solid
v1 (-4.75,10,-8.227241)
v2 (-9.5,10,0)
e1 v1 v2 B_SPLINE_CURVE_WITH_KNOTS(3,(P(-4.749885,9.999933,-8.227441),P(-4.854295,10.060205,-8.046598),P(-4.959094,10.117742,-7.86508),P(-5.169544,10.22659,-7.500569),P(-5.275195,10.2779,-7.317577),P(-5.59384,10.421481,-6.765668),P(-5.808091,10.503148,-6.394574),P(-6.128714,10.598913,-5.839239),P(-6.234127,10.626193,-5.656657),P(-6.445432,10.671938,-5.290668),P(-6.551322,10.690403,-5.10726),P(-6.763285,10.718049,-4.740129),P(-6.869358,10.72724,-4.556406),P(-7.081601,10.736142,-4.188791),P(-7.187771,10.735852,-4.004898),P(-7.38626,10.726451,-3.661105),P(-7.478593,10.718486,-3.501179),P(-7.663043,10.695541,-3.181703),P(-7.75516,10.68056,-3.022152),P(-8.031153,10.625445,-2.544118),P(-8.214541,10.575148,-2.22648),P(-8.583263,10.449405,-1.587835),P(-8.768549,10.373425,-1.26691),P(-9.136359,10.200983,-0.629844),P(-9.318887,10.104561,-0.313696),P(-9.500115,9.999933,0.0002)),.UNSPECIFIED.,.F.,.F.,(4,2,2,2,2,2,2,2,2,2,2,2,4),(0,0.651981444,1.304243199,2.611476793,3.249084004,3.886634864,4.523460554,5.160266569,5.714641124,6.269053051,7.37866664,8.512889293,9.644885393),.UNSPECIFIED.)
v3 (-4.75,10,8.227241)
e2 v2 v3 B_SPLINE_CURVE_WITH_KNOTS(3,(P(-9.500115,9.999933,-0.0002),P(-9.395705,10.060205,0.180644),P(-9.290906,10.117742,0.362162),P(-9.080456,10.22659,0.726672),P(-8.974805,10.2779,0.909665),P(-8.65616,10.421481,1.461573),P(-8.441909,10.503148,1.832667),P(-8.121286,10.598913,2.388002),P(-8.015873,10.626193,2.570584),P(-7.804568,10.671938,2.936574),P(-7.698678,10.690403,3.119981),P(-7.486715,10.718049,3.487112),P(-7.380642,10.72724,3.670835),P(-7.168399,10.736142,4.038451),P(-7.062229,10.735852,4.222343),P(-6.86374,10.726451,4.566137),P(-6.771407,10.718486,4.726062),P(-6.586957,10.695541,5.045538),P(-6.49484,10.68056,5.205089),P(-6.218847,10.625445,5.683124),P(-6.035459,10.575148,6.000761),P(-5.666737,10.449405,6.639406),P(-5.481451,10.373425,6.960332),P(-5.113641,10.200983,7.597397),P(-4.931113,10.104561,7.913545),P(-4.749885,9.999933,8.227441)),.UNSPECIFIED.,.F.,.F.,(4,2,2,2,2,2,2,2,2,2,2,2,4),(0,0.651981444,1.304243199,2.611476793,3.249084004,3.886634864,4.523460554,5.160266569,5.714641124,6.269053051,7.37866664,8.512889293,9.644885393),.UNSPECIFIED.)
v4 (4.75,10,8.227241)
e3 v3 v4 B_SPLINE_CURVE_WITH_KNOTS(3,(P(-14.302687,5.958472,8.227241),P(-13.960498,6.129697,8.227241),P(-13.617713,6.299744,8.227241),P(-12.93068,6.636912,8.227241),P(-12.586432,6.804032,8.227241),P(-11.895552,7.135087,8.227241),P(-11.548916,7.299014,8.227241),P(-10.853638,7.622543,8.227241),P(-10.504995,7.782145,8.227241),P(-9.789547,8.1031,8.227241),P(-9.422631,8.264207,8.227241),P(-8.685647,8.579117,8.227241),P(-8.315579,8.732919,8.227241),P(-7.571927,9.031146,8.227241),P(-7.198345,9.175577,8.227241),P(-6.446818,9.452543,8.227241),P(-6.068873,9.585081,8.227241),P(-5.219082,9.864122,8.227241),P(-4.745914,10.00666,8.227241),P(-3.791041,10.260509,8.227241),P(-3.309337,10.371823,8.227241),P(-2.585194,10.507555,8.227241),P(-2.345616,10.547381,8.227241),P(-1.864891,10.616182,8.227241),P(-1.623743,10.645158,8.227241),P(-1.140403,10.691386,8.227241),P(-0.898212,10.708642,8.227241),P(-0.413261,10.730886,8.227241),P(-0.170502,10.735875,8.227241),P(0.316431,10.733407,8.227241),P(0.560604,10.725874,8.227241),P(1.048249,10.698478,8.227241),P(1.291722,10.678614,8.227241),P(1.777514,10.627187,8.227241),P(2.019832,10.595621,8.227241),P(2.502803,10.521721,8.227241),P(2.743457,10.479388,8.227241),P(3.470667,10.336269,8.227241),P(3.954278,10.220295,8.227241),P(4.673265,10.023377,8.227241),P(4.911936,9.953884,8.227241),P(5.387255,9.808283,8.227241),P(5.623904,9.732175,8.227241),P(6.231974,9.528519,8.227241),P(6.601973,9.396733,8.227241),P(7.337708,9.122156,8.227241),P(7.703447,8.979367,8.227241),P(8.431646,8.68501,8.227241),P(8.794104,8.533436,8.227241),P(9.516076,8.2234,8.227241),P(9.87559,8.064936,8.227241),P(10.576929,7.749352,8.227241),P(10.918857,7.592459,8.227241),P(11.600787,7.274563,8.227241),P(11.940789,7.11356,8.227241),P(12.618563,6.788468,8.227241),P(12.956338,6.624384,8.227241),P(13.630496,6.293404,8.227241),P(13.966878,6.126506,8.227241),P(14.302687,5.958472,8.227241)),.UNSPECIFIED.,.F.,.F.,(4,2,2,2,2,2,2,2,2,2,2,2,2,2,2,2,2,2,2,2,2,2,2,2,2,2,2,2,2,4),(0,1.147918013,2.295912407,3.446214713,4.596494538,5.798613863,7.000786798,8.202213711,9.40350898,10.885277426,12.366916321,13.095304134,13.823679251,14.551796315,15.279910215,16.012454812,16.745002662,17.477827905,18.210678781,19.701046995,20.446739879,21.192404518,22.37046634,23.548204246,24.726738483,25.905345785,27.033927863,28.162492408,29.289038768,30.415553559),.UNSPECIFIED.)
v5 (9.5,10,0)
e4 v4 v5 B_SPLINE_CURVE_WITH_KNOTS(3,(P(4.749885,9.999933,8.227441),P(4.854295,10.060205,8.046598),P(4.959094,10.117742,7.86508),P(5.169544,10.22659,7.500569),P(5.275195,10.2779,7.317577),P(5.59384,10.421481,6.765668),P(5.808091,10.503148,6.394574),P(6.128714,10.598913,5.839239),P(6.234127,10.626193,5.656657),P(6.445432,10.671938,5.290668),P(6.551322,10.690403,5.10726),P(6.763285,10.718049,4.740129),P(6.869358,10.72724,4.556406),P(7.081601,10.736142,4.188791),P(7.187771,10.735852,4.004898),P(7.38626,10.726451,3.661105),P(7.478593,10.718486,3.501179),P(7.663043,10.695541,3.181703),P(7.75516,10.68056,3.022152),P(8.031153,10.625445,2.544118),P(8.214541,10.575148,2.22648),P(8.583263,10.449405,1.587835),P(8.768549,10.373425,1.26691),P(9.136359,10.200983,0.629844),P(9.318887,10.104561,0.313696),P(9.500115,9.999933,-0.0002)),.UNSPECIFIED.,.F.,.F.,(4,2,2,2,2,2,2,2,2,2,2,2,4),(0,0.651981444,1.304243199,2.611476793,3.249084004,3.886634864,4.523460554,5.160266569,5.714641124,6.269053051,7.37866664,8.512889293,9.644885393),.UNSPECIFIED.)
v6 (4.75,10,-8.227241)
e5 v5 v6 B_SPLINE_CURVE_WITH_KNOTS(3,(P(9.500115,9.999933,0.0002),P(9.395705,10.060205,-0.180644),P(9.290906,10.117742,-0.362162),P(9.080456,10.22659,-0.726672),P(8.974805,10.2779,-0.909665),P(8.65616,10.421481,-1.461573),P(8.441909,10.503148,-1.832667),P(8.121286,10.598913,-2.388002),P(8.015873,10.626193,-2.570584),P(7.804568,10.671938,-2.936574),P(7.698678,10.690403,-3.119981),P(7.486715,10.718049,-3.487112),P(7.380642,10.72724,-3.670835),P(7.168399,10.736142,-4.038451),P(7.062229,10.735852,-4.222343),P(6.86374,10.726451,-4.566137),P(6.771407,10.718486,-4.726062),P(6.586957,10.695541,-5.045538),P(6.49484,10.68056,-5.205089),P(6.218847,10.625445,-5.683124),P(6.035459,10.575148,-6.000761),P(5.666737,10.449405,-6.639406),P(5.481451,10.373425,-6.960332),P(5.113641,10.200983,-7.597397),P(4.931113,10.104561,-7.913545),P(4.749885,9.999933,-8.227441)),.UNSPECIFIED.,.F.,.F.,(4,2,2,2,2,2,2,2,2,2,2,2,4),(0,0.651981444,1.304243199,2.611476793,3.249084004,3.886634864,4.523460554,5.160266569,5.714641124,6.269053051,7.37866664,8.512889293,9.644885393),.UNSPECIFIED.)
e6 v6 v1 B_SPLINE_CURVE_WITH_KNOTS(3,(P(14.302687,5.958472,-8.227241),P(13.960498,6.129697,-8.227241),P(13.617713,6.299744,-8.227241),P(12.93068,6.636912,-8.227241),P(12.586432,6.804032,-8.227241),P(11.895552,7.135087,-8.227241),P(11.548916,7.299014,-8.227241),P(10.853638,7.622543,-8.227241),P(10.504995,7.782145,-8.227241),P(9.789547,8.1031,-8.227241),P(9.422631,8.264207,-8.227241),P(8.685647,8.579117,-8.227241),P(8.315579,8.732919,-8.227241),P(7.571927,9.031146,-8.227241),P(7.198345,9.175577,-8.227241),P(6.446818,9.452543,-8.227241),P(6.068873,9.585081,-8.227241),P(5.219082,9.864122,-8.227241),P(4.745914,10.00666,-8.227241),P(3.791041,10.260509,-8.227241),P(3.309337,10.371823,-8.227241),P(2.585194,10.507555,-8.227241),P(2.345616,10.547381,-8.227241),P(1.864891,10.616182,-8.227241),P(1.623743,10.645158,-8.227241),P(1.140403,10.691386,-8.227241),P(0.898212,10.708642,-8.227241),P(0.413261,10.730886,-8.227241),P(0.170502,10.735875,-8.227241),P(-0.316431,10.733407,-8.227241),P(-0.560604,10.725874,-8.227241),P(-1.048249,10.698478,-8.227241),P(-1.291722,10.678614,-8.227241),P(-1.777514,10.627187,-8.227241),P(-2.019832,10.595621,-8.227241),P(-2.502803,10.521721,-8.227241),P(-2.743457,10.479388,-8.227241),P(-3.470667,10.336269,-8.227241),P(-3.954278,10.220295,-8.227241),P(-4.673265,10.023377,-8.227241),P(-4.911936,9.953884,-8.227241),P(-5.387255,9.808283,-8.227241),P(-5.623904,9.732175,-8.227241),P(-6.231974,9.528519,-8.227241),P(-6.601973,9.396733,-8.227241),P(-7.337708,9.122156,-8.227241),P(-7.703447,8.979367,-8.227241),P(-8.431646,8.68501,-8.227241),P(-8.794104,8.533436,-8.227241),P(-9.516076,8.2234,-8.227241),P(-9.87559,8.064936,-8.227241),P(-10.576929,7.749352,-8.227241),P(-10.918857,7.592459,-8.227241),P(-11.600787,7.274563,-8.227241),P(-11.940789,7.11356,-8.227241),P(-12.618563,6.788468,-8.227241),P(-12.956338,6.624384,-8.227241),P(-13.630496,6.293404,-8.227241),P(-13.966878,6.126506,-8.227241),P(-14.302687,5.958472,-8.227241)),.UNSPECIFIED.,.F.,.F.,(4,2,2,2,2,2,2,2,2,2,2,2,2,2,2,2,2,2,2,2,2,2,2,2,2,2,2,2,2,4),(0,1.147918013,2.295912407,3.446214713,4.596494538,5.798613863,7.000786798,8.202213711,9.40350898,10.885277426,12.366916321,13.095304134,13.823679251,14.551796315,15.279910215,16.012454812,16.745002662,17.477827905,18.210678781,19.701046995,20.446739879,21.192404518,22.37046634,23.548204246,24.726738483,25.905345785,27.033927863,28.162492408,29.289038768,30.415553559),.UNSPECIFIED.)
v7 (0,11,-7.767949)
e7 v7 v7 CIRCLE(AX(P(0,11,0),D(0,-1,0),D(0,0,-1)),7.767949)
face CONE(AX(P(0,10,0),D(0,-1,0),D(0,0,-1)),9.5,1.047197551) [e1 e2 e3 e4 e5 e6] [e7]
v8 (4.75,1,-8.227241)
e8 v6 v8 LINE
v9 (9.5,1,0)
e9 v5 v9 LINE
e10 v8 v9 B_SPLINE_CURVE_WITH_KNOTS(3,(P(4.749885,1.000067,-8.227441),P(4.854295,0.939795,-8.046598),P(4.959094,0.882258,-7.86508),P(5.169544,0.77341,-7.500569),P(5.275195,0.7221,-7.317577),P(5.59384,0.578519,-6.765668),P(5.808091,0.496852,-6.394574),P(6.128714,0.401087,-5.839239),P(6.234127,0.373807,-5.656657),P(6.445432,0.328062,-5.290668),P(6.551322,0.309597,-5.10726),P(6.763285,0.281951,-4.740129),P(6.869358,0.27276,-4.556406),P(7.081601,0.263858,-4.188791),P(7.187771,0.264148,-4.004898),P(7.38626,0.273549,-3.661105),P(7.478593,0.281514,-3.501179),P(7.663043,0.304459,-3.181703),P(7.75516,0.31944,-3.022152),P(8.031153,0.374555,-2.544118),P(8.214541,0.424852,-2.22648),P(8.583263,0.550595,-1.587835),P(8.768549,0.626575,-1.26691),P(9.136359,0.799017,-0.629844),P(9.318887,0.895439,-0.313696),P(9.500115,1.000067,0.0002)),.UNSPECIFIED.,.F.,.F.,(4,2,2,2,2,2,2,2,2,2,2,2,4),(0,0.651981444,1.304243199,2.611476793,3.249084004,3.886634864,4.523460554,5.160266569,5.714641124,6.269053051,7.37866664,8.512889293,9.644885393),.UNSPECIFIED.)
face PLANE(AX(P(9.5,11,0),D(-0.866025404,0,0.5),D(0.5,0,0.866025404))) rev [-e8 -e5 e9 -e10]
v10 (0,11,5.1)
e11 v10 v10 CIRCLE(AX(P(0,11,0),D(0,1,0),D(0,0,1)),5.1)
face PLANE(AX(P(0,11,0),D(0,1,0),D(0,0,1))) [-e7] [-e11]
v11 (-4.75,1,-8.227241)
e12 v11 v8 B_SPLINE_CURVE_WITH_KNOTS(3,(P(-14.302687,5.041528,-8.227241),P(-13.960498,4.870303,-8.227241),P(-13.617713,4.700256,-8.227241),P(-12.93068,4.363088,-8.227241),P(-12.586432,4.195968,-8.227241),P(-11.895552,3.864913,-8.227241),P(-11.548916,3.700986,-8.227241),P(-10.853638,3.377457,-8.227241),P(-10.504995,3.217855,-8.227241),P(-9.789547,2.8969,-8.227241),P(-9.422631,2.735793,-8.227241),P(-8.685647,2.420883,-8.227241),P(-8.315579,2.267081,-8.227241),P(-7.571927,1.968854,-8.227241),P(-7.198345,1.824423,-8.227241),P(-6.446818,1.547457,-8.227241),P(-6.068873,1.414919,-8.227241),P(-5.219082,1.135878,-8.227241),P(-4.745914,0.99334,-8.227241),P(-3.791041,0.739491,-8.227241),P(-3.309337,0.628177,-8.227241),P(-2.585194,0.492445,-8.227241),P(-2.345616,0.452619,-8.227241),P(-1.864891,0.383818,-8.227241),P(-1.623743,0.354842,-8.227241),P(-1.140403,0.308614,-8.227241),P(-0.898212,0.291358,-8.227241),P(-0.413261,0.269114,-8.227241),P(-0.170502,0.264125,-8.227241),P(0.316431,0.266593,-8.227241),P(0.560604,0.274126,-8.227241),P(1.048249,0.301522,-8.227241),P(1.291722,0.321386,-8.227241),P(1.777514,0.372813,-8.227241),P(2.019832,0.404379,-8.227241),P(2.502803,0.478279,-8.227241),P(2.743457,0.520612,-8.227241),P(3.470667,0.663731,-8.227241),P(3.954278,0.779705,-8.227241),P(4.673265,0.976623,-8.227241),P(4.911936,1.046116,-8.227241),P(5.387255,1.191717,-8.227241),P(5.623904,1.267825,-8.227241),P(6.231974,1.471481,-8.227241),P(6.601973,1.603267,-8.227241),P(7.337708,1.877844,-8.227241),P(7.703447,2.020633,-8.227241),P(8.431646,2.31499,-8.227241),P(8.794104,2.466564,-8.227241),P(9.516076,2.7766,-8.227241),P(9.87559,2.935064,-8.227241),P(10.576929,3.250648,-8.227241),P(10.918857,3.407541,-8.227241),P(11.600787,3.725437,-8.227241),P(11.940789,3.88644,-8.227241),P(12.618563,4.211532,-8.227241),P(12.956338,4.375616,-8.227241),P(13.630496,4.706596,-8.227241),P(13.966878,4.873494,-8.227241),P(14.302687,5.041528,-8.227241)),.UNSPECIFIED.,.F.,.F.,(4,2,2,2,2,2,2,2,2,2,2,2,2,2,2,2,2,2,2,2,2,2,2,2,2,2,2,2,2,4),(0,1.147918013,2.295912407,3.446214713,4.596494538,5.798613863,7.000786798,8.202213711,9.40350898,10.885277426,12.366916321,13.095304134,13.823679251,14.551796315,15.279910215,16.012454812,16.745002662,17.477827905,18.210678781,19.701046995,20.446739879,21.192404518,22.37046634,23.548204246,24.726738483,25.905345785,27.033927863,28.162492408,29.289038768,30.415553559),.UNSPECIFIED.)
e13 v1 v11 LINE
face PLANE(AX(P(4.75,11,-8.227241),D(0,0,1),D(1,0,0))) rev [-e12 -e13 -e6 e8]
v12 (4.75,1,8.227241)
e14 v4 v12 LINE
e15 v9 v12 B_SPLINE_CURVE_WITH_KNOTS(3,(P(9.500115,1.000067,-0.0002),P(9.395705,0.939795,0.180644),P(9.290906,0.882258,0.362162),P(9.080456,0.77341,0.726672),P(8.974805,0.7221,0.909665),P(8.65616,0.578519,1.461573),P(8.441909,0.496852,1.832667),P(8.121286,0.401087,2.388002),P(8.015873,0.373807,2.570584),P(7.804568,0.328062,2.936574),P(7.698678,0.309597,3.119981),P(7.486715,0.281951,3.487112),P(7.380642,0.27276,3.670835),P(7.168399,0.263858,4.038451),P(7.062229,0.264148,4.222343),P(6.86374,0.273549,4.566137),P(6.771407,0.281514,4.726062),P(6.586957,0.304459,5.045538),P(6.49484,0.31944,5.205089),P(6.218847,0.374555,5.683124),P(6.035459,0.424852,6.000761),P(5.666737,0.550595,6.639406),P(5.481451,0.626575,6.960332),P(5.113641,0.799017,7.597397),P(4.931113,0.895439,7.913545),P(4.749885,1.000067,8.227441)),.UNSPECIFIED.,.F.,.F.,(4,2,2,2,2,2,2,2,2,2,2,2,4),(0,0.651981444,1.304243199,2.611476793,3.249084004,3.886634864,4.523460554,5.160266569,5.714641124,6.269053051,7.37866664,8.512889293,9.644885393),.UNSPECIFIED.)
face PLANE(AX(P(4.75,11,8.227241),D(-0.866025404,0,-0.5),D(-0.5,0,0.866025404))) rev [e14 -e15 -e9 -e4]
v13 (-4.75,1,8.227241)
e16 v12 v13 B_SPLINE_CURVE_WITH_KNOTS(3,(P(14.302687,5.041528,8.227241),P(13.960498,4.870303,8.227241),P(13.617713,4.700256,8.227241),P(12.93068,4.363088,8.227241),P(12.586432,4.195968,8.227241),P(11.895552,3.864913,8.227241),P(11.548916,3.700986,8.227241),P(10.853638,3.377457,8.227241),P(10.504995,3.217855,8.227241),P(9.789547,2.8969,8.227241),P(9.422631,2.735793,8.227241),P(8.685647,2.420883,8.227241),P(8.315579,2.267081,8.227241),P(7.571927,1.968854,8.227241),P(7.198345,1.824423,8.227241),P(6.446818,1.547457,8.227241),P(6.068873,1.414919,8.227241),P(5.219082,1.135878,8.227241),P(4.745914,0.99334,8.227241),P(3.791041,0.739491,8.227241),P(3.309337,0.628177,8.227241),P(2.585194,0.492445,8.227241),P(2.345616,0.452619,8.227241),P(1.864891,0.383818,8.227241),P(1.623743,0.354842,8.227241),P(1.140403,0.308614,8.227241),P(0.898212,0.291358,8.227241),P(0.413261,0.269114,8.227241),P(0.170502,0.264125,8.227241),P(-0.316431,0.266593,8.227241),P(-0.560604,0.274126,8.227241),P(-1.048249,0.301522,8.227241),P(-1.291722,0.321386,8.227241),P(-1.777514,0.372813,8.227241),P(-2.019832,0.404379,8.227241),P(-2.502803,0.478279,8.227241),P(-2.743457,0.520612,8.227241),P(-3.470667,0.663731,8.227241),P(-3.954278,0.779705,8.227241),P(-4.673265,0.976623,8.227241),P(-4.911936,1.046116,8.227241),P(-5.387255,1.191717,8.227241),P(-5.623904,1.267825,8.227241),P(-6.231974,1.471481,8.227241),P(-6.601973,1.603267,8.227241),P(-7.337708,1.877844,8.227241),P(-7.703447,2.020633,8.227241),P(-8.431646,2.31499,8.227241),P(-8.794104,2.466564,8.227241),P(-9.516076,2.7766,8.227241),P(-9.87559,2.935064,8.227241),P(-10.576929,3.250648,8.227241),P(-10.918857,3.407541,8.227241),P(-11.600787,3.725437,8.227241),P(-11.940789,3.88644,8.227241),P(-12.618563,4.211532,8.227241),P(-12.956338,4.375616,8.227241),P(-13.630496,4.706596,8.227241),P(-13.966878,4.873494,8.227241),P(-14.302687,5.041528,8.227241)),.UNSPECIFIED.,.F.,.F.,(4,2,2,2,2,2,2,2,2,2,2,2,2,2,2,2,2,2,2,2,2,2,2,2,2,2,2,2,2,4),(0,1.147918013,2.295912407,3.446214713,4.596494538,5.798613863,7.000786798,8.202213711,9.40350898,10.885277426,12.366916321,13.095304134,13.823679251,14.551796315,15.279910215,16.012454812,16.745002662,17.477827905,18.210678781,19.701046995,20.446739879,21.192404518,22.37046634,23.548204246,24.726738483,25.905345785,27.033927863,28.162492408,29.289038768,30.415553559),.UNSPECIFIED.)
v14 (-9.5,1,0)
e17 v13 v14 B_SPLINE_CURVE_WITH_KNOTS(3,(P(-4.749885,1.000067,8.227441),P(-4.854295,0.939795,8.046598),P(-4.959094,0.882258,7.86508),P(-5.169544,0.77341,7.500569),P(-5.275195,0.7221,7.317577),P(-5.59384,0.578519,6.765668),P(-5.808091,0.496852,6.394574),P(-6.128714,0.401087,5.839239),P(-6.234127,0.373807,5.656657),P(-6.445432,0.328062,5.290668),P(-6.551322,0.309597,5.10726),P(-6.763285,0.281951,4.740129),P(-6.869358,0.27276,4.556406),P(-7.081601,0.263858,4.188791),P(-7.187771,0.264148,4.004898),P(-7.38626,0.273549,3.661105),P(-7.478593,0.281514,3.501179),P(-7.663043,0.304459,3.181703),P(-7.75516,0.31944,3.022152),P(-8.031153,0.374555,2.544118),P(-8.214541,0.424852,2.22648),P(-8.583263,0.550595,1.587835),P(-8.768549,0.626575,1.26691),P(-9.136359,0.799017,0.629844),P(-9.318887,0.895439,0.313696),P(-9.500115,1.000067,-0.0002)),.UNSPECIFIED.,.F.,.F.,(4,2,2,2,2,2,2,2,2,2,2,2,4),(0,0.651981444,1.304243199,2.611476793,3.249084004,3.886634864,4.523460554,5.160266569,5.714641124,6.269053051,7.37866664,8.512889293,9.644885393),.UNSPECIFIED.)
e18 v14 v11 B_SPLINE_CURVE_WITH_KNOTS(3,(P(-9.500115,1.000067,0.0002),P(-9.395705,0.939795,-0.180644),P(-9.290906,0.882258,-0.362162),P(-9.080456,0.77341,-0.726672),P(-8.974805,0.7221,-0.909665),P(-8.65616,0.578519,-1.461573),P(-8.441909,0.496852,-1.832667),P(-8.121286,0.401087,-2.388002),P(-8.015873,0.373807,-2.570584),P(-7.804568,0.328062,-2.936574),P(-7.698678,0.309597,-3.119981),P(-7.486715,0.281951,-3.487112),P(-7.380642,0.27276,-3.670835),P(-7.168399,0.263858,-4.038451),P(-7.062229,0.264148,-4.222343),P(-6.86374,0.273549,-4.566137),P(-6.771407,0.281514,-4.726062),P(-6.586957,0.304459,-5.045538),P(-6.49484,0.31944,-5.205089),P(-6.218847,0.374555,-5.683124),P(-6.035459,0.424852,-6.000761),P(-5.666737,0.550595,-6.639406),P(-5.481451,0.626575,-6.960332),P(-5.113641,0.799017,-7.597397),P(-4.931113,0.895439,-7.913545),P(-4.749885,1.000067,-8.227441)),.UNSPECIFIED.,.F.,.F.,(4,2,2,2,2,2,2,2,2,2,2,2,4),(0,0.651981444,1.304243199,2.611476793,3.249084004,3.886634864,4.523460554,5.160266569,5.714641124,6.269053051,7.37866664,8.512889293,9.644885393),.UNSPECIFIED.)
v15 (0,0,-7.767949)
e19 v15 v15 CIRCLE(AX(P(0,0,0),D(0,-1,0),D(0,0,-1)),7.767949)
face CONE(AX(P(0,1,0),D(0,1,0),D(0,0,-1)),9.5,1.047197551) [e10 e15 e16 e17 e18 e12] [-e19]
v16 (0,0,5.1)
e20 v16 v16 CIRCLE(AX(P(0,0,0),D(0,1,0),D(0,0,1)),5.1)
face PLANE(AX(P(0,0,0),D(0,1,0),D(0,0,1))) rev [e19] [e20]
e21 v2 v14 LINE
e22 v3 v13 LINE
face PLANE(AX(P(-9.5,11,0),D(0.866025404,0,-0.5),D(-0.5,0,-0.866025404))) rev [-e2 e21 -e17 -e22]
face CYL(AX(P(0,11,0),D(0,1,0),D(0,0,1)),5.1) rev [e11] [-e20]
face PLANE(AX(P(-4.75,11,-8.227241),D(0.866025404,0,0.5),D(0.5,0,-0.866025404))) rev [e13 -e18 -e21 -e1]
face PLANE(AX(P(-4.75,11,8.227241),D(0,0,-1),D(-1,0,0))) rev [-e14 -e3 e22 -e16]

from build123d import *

# Parameters (mm, degrees)
EXTRUDE_1_DEPTH     = 11
HOLE_WIZARD_M12_1_D = 10.2


with BuildPart() as part:
    # 草图1 → 凸台-拉伸1 (new body)
    with BuildSketch(Plane(origin=(0, 0, 0), x_dir=(1, 0, 0), z_dir=(0, 1, 0))):
        Polygon((9.5, 0), (4.75, 8.227241336), (-4.75, 8.227241336), (-9.5, 0), (-4.75, -8.227241336), (4.75, -8.227241336), align=None)
    extrude(amount=EXTRUDE_1_DEPTH)

    # M12 螺纹孔1 (through all)
    with Locations(Plane(origin=(0, 11, 0), x_dir=(1, 0, 0), z_dir=(0, 1, 0))):
        with Locations((0, 0)):
            Hole(HOLE_WIZARD_M12_1_D / 2)

    # 草图4 → 切除-旋转1 (revolve, cut)
    with BuildSketch(Plane.XY, mode=Mode.PRIVATE) as cut_revolve_1_sk:
        Polygon((-9.5, 10), (-7.767949192, 11), (-9.5, 11), align=None)
    cut_revolve_1 = revolve(cut_revolve_1_sk.sketch.rotate(Axis((0, 0, 0), (0, 1, 0)), 90), axis=Axis((0, 0, 0), (0, 1, 0)), mode=Mode.SUBTRACT)

    # 镜向1: 切除-旋转1 across plane
    add(cut_revolve_1.mirror(Plane.ZX.offset(5.5)), mode=Mode.SUBTRACT)


solid = part.part
